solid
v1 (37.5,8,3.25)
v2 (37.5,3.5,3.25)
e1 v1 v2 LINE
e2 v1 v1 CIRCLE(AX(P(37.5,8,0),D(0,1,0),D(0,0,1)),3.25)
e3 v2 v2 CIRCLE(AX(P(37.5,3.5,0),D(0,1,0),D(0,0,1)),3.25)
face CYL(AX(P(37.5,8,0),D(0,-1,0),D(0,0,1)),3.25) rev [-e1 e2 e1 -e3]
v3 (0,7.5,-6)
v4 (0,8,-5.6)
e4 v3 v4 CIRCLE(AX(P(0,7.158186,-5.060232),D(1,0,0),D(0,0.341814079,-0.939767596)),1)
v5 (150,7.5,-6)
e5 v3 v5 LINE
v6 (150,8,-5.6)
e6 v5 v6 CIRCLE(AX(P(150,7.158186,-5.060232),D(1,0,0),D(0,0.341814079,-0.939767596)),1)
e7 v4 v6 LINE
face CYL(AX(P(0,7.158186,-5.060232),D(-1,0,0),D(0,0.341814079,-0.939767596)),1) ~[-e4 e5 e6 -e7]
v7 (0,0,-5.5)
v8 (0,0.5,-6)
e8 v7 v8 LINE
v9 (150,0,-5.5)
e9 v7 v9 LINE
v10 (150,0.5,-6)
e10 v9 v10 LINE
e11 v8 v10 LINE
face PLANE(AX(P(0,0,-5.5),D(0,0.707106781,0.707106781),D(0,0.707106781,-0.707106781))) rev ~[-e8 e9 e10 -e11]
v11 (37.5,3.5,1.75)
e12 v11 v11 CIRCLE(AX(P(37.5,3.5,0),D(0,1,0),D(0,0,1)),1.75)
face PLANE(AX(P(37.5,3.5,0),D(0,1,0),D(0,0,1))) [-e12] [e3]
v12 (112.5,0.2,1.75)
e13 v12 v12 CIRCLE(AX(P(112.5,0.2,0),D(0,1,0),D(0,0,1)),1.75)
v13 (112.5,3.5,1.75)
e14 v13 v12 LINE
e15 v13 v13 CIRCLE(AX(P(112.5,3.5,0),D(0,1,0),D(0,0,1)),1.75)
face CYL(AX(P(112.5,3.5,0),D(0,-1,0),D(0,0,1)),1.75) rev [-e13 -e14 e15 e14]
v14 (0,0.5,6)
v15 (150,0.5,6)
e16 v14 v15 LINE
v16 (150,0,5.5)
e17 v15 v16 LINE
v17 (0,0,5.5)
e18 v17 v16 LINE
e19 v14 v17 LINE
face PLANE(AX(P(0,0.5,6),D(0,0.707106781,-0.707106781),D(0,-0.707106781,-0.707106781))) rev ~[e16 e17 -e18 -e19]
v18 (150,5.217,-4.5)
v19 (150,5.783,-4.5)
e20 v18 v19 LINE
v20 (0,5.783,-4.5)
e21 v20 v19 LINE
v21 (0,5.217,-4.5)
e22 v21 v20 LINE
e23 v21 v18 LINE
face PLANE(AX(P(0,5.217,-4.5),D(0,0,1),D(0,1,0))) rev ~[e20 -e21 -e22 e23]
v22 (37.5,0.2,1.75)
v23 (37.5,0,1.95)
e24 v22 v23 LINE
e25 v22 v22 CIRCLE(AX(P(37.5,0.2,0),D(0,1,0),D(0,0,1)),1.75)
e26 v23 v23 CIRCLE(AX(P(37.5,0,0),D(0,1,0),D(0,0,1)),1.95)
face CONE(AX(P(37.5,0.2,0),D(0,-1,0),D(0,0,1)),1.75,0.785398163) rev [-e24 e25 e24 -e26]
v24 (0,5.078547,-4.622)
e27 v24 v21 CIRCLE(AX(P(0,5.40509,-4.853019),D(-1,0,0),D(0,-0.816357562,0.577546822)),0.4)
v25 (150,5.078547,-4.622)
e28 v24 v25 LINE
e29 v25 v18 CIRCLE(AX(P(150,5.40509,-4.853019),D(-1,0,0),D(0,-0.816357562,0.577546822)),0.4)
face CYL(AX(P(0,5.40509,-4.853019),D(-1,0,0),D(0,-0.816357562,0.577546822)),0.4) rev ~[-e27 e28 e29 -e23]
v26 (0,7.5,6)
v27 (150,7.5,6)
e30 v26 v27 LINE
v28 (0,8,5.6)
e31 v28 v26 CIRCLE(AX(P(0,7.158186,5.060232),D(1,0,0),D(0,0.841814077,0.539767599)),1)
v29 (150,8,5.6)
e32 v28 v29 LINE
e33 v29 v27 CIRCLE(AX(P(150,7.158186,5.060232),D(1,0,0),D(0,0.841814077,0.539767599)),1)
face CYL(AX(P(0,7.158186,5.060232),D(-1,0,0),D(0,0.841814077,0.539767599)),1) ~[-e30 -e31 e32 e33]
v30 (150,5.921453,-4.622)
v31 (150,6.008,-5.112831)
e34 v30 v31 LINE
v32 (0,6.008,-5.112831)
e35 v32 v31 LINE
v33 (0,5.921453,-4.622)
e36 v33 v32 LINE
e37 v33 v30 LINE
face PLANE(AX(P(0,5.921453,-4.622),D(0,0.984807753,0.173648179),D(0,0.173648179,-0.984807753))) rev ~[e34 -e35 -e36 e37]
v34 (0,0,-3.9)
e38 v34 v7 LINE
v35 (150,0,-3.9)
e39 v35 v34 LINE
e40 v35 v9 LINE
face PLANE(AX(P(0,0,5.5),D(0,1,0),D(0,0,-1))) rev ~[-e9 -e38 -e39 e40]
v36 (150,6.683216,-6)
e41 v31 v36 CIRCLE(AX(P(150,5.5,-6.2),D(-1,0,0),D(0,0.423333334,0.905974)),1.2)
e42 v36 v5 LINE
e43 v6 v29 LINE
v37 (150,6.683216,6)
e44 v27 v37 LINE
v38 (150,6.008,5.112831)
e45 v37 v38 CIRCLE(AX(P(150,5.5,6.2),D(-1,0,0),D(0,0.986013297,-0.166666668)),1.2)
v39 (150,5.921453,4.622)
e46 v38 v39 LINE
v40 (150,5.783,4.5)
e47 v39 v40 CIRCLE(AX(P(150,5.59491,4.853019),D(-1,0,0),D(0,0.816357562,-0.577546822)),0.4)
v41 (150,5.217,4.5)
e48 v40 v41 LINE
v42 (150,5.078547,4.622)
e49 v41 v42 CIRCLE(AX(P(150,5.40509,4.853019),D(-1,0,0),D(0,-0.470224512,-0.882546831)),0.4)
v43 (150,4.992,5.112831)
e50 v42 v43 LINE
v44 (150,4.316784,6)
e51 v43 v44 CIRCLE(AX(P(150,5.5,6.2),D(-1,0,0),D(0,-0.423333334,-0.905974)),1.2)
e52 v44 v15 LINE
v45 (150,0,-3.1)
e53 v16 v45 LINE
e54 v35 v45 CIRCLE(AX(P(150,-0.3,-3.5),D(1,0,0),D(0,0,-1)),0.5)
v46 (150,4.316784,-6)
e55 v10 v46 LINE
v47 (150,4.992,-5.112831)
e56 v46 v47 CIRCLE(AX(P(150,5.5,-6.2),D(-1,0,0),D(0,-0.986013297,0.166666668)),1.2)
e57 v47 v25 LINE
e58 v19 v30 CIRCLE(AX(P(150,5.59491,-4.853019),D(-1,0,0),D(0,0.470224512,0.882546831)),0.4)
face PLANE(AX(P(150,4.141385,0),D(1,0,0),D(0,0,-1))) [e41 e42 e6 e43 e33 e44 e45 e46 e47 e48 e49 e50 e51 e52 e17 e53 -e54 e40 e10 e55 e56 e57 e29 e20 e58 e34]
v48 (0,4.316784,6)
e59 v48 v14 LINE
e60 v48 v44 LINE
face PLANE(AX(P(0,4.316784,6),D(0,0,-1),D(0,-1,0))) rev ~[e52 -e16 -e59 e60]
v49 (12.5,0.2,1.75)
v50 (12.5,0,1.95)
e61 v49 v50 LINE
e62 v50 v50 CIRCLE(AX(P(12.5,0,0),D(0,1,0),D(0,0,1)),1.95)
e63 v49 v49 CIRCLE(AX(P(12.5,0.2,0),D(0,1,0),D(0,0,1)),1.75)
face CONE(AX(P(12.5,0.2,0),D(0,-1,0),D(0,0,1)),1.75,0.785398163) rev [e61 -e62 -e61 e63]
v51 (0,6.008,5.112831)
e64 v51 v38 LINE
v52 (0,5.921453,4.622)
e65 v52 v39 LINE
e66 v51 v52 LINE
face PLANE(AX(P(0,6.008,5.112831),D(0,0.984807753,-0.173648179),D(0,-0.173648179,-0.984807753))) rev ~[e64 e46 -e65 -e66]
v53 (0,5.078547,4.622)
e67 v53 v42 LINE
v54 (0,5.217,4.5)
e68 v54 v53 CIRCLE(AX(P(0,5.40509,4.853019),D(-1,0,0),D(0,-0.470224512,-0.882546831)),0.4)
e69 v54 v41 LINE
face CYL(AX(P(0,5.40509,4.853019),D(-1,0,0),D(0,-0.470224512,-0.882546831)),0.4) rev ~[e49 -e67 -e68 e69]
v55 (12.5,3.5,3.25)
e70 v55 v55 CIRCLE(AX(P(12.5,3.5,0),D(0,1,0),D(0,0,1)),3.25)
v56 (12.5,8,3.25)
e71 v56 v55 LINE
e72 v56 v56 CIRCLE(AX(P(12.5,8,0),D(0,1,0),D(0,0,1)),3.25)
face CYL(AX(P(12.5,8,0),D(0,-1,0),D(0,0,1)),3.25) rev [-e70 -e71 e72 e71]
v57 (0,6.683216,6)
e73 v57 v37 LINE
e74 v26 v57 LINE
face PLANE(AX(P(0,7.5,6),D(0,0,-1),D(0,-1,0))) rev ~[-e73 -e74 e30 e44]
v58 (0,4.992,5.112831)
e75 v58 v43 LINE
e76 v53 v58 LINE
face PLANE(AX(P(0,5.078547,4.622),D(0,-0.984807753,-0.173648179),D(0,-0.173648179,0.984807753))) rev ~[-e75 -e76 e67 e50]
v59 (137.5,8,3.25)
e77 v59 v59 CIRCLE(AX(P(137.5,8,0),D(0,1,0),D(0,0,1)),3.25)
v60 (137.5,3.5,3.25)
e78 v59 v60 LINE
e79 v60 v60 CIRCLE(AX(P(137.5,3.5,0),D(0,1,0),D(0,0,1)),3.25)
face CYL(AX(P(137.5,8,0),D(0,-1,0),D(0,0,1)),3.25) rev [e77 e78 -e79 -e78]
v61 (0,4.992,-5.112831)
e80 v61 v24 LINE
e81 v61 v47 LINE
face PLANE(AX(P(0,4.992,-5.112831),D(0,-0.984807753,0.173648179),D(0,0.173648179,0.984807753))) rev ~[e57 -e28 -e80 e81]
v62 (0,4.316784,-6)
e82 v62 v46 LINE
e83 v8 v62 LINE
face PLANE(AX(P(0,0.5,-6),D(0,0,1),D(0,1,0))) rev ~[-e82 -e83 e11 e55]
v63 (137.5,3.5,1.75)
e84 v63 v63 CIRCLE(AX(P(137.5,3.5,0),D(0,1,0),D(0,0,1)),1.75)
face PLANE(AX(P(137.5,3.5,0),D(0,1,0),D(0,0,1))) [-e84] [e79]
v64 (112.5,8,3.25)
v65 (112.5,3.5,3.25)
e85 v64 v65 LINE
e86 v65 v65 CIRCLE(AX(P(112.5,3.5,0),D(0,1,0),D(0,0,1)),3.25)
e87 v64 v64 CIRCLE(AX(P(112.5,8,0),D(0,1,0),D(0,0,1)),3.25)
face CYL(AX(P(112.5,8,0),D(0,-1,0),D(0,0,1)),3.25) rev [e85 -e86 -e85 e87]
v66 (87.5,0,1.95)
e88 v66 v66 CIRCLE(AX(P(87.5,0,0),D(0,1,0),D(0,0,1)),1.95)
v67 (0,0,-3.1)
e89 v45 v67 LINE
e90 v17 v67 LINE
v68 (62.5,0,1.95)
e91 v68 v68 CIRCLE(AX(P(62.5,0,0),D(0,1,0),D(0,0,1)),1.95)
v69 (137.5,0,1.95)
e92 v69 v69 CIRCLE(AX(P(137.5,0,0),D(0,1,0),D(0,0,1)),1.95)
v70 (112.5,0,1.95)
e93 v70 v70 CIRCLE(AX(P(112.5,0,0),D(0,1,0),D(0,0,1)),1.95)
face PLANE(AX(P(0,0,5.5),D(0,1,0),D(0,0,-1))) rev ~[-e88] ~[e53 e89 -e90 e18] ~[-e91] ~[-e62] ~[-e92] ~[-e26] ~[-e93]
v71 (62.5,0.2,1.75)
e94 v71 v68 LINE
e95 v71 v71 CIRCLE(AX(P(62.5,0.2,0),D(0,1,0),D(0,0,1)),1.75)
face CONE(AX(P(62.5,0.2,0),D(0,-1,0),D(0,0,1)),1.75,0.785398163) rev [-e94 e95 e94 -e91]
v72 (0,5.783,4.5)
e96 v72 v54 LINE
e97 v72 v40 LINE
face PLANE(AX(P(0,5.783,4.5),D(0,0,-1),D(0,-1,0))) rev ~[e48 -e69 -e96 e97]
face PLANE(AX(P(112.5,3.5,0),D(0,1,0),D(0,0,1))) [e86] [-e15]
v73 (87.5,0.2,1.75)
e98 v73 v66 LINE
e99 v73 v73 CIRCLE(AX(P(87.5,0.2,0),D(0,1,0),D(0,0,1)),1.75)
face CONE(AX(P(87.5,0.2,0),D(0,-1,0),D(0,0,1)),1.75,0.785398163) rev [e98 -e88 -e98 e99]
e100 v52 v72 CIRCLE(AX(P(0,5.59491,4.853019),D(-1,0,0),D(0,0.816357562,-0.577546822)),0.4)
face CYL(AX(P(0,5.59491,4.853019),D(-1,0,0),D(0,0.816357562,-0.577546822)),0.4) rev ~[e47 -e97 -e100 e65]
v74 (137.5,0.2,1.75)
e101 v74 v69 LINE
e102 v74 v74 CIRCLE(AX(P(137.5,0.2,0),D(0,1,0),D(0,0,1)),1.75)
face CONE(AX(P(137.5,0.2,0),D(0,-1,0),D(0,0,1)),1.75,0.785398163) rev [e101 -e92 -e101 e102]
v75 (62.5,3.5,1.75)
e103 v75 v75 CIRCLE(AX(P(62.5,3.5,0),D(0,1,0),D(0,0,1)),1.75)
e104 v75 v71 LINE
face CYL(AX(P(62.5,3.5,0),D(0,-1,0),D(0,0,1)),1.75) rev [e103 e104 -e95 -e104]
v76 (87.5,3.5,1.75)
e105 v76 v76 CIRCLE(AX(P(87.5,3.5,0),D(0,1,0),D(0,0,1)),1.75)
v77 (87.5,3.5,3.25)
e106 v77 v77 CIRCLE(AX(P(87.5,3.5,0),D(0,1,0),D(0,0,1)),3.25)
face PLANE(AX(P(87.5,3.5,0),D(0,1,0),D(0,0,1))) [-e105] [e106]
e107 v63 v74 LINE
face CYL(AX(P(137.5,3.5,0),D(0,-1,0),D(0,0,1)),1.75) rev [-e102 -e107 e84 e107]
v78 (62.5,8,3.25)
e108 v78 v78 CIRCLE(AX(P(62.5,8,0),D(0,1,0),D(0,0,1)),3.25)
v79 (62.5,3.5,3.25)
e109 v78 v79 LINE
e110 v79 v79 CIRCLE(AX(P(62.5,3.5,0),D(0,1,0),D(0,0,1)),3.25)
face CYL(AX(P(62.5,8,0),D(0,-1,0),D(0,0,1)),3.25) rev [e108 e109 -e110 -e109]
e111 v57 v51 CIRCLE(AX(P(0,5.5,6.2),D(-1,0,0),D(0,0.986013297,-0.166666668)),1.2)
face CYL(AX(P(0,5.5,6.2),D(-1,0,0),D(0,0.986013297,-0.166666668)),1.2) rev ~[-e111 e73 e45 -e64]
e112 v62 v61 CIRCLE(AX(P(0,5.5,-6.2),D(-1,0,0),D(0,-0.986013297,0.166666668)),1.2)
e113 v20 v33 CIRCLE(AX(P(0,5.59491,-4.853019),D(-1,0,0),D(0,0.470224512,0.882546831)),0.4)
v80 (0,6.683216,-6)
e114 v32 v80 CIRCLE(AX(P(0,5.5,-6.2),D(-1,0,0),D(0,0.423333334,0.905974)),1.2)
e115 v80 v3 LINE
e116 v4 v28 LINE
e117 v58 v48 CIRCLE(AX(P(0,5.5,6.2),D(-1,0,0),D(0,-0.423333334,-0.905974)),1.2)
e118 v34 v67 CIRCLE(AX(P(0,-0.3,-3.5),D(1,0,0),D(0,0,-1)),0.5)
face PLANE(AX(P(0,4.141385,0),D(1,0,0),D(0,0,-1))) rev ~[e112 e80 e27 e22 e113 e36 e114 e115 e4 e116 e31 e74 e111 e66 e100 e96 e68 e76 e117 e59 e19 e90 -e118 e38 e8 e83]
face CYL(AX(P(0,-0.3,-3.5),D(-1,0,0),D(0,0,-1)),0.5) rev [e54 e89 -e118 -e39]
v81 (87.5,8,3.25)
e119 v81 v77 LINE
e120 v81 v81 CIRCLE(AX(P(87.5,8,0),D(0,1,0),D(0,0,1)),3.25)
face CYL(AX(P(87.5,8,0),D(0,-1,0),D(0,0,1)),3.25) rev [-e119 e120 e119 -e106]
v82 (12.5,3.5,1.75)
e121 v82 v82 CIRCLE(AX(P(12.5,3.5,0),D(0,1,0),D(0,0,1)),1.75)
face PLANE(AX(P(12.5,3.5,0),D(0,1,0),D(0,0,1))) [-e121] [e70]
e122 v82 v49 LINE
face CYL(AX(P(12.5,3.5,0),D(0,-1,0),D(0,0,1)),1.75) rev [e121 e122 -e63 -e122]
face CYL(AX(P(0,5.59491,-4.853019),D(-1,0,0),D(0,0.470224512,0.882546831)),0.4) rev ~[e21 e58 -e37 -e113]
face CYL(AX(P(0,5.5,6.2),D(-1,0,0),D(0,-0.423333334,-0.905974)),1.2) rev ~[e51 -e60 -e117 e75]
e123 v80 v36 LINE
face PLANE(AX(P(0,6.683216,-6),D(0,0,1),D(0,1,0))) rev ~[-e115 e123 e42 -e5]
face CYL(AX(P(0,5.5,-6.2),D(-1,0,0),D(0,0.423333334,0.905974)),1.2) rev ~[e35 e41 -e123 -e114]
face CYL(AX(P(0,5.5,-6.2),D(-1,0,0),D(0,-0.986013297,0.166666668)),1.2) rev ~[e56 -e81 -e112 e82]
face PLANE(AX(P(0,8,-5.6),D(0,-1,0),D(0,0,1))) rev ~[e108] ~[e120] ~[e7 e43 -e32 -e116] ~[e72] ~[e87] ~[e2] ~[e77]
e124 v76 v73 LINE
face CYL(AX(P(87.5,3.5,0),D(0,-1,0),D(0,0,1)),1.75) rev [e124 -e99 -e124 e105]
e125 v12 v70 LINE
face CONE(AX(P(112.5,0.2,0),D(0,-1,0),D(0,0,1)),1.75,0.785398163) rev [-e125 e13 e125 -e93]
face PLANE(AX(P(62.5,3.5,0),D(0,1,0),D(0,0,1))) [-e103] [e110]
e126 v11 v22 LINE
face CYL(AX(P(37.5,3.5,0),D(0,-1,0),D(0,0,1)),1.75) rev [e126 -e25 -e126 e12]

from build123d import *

# Parameters (mm, degrees)
EXTRUDE1_DEPTH  = 150
SKETCH8_R       = 0.5
EXTRUDE2_DEPTH  = 150
LPATTERN1_COUNT = 5
LPATTERN1_PITCH = 25


with BuildPart() as part:
    # Sketch1 → Extrude1 (new body)
    with BuildSketch(Plane(origin=(0, 0, 0), x_dir=(0, 0, -1), z_dir=(1, 0, 0))):
        with BuildLine():
            Line((-6, 0.5), (-5.5, 0))
            Line((-5.5, 0), (5.5, 0))
            Line((5.5, 0), (6, 0.5))
            Line((6, 0.5), (6, 4.316784043))
            ThreePointArc((6, 4.316784043), (5.473240049, 4.54510735), (5.1128312, 4.992))
            Line((5.1128312, 4.992), (4.622, 5.078546784))
            ThreePointArc((4.622, 5.078546784), (4.552906648, 5.14064182), (4.5, 5.217))
            Line((4.5, 5.217), (4.5, 5.783))
            ThreePointArc((4.5, 5.783), (4.552906648, 5.85935818), (4.622, 5.921453216))
            Line((4.622, 5.921453216), (5.1128312, 6.008))
            ThreePointArc((5.1128312, 6.008), (5.473240049, 6.45489265), (6, 6.683215957))
            Line((6, 6.683215957), (6, 7.5))
            ThreePointArc((6, 7.5), (5.841101212, 7.78288097), (5.6, 8))
            Line((5.6, 8), (-5.6, 8))
            ThreePointArc((-5.6, 8), (-5.841101212, 7.78288097), (-6, 7.5))
            Line((-6, 7.5), (-6, 6.683215957))
            ThreePointArc((-6, 6.683215957), (-5.473240049, 6.45489265), (-5.1128312, 6.008))
            Line((-5.1128312, 6.008), (-4.622, 5.921453216))
            ThreePointArc((-4.622, 5.921453216), (-4.552906648, 5.85935818), (-4.5, 5.783))
            Line((-4.5, 5.783), (-4.5, 5.217))
            ThreePointArc((-4.5, 5.217), (-4.552906648, 5.14064182), (-4.622, 5.078546784))
            Line((-4.622, 5.078546784), (-5.1128312, 4.992))
            ThreePointArc((-5.1128312, 4.992), (-5.473240049, 4.54510735), (-6, 4.316784043))
            Line((-6, 4.316784043), (-6, 0.5))
        make_face()
    extrude(amount=EXTRUDE1_DEPTH)

    # Sketch2 → Cut-Revolve1 (revolve, cut)
    with BuildSketch(Plane(origin=(0, 0, 0), x_dir=(-1, 0, 0), z_dir=(0, 0, -1))):
        Polygon((-12.5, 8), (-9.25, 8), (-9.25, 3.5), (-10.75, 3.5), (-10.75, 0.2), (-10.55, 0), (-12.5, 0), align=None)
    revolve(axis=Axis((12.5, 0, 0), (0, 1, 0)), mode=Mode.SUBTRACT)

    # Sketch3 → Cut-Revolve2 (revolve, cut)
    with BuildSketch(Plane(origin=(125, 0, 0), x_dir=(-1, 0, 0), z_dir=(0, 0, -1))):
        Polygon((-12.5, 8), (-9.25, 8), (-9.25, 3.5), (-10.75, 3.5), (-10.75, 0.2), (-10.55, 0), (-12.5, 0), align=None)
    cut_revolve2 = revolve(axis=Axis((137.5, 0, 0), (0, 1, 0)), mode=Mode.SUBTRACT)

    # Sketch8 → Extrude2 (cut)
    with BuildSketch(Plane(origin=(0, 0, 0), x_dir=(0, 0, -1), z_dir=(1, 0, 0))):
        with Locations((3.5, -0.3)):
            Circle(SKETCH8_R)
    extrude(amount=EXTRUDE2_DEPTH, mode=Mode.SUBTRACT)

    # LPattern1: Cut-Revolve2 ×5
    with Locations(*[(-i * LPATTERN1_PITCH, 0, 0) for i in range(1, LPATTERN1_COUNT)]):
        add(cut_revolve2, mode=Mode.SUBTRACT)


solid = part.part
